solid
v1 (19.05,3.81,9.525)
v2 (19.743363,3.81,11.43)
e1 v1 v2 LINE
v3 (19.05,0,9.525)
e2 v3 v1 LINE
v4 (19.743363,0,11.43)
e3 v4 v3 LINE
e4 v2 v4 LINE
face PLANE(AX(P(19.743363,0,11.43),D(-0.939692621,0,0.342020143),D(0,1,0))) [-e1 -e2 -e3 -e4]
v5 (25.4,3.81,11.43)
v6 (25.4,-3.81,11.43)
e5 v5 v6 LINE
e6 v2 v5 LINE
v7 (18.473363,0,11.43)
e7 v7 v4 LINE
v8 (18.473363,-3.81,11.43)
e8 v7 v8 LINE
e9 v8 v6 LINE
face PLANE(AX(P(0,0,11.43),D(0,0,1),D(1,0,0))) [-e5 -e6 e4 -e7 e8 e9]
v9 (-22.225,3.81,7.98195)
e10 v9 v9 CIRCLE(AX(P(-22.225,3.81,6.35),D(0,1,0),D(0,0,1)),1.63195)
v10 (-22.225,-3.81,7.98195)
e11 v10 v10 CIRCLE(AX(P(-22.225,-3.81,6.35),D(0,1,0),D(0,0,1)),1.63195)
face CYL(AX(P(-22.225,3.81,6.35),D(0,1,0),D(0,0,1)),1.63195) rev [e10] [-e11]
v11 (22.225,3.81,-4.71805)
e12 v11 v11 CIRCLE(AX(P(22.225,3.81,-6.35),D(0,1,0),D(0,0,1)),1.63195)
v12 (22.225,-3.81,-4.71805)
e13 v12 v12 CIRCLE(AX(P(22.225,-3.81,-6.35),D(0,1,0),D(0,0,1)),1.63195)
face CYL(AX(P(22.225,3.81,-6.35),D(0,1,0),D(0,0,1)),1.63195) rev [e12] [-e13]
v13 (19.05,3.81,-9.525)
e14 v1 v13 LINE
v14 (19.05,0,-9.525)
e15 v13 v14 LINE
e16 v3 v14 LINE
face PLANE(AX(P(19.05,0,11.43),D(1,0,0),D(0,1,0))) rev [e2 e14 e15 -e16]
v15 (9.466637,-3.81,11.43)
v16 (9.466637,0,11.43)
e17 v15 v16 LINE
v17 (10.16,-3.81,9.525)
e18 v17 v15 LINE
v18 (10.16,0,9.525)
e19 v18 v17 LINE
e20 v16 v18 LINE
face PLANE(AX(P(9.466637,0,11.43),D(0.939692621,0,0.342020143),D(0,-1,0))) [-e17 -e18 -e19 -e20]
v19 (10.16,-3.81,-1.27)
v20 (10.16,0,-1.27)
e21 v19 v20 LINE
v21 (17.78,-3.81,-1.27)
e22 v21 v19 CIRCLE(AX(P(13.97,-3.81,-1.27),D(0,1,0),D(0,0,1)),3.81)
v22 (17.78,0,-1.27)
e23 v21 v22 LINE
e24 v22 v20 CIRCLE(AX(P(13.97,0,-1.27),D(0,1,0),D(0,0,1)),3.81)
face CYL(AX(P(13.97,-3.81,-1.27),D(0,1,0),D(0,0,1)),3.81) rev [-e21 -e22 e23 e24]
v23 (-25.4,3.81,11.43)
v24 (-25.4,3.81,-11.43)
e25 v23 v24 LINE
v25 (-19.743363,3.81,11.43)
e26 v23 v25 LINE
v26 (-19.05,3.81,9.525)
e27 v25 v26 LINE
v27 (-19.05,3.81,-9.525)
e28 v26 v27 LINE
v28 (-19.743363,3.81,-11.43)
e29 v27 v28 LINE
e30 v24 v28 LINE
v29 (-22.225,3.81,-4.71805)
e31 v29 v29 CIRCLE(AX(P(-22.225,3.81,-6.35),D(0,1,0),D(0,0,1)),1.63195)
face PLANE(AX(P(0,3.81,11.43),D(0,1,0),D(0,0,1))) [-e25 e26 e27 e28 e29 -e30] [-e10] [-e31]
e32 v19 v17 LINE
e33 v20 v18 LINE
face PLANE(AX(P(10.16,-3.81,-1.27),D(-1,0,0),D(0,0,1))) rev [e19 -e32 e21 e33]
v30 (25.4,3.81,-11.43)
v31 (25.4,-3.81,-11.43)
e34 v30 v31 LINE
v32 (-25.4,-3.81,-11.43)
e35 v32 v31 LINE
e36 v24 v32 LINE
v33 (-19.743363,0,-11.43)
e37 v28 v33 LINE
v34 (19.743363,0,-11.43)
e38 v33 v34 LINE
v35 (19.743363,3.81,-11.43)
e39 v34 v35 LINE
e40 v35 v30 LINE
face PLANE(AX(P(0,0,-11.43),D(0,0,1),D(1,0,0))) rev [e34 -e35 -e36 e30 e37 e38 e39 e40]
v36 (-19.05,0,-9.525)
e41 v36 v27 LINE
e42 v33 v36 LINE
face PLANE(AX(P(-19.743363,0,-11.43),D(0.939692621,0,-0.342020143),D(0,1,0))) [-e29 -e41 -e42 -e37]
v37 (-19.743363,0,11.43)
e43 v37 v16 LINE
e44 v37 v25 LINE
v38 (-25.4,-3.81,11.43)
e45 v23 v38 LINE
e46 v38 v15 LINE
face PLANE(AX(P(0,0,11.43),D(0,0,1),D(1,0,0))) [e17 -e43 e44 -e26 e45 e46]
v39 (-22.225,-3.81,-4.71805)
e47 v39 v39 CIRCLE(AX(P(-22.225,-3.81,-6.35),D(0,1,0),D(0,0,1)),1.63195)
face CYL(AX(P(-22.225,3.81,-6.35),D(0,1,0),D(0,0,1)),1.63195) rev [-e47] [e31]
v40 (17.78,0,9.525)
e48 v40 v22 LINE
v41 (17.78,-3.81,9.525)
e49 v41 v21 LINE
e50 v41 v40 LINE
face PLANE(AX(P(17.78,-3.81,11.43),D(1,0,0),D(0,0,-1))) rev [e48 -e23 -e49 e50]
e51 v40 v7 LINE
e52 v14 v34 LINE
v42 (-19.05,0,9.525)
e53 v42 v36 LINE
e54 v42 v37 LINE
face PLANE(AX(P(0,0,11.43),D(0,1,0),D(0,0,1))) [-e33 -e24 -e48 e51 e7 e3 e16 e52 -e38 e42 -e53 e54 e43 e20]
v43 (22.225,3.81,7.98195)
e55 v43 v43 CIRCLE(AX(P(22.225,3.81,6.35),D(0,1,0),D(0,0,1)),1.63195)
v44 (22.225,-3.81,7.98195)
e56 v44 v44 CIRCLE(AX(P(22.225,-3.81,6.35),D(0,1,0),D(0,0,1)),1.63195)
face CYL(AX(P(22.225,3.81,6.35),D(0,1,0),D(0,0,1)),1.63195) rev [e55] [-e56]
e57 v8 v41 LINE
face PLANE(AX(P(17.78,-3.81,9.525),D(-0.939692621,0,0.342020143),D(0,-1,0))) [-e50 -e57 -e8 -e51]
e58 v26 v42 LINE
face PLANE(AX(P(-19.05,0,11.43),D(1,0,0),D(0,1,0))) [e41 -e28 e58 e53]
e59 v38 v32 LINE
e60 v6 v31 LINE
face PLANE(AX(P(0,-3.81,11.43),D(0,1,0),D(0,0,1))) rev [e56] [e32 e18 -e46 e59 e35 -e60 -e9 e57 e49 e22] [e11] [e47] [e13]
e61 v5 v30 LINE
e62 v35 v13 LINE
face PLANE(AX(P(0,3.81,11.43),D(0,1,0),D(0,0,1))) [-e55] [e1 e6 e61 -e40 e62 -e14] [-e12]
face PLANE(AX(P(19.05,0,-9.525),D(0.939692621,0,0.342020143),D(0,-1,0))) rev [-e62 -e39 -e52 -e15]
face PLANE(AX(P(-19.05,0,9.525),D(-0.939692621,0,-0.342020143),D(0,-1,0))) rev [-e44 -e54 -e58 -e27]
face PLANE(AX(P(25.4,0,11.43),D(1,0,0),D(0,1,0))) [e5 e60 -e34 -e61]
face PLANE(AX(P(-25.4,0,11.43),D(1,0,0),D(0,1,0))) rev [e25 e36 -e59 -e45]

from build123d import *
from OCP.BRepFilletAPI import BRepFilletAPI_MakeChamfer

# Parameters (mm, degrees)
BOSS_EXTRUDE1_DEPTH   = 11.43
F_4_CLEARANCE_HOLE1_D = 3.2639
CUT_EXTRUDE1_DEPTH    = 29.112648399
CHAMFER1_SIZE         = 1.905
CHAMFER1_SIZE2        = 0.693363296


with BuildPart() as part:
    # Sketch1 → Boss-Extrude1 (new, symmetric)
    with BuildSketch(Plane.XY):
        Polygon((-19.05, 3.81), (-25.4, 3.81), (-25.4, -3.81), (25.4, -3.81), (25.4, 3.81), (19.05, 3.81), (19.05, 0), (-19.05, 0), align=None)
    extrude(amount=BOSS_EXTRUDE1_DEPTH, both=True)

    # #4 Clearance Hole1 (through all)
    with Locations(Plane(origin=(0, 3.81, 0), x_dir=(1, 0, 0), z_dir=(0, 1, 0))):
        with Locations((22.225, -6.35), (-22.225, 6.35), (-22.225, -6.35), (22.225, 6.35)):
            Hole(F_4_CLEARANCE_HOLE1_D / 2)

    # Sketch4 → Cut-Extrude1 (cut, through all)
    with BuildSketch(Plane(origin=(0, 0, 0), x_dir=(1, 0, 0), z_dir=(0, 1, 0))):
        with BuildLine():
            Line((17.78, -11.43), (17.78, 1.27))
            ThreePointArc((17.78, 1.27), (13.97, 5.08), (10.16, 1.27))
            Line((10.16, 1.27), (10.16, -11.43))
            Line((10.16, -11.43), (17.78, -11.43))
        make_face()
    extrude(amount=-CUT_EXTRUDE1_DEPTH, mode=Mode.SUBTRACT)

    # Chamfer1: one chamfer whose edges measure the first distance from different faces: ONE call of the kernel's chamfer builder (chamfer() names one face for all edges)
    chamfer1_edges_1 = [part.edges().sort_by_distance(p)[0] for p in [
        (19.05, 1.905, 11.43),
        (19.05, 1.905, -11.43),
    ]]
    chamfer1_side_1 = [part.faces().sort_by_distance(p)[0] for p in [
        (19.05, 1.905, 0),
    ]]
    chamfer1_edges_2 = [part.edges().sort_by_distance(p)[0] for p in [
        (-19.05, 1.905, -11.43),
        (-19.05, 1.905, 11.43),
    ]]
    chamfer1_side_2 = [part.faces().sort_by_distance(p)[0] for p in [
        (-19.05, 1.905, 0),
    ]]
    chamfer1_edges_3 = [part.edges().sort_by_distance(p)[0] for p in [
        (17.78, -1.905, 11.43),
    ]]
    chamfer1_side_3 = [part.faces().sort_by_distance(p)[0] for p in [
        (17.78, -1.905, 5.08),
    ]]
    chamfer1_edges_4 = [part.edges().sort_by_distance(p)[0] for p in [
        (10.16, -1.905, 11.43),
    ]]
    chamfer1_side_4 = [part.faces().sort_by_distance(p)[0] for p in [
        (10.16, -1.905, 5.08),
    ]]
    chamfer1 = BRepFilletAPI_MakeChamfer(part.part.solid().wrapped)
    for e in chamfer1_edges_1:
        chamfer1.Add(CHAMFER1_SIZE, CHAMFER1_SIZE2, e.wrapped, chamfer1_side_1[0].wrapped)  # the first distance lies on this face
    for e in chamfer1_edges_2:
        chamfer1.Add(CHAMFER1_SIZE, CHAMFER1_SIZE2, e.wrapped, chamfer1_side_2[0].wrapped)  # the first distance lies on this face
    for e in chamfer1_edges_3:
        chamfer1.Add(CHAMFER1_SIZE, CHAMFER1_SIZE2, e.wrapped, chamfer1_side_3[0].wrapped)  # the first distance lies on this face
    for e in chamfer1_edges_4:
        chamfer1.Add(CHAMFER1_SIZE, CHAMFER1_SIZE2, e.wrapped, chamfer1_side_4[0].wrapped)  # the first distance lies on this face
    add(Compound.cast(chamfer1.Shape()), mode=Mode.REPLACE)


solid = part.part
